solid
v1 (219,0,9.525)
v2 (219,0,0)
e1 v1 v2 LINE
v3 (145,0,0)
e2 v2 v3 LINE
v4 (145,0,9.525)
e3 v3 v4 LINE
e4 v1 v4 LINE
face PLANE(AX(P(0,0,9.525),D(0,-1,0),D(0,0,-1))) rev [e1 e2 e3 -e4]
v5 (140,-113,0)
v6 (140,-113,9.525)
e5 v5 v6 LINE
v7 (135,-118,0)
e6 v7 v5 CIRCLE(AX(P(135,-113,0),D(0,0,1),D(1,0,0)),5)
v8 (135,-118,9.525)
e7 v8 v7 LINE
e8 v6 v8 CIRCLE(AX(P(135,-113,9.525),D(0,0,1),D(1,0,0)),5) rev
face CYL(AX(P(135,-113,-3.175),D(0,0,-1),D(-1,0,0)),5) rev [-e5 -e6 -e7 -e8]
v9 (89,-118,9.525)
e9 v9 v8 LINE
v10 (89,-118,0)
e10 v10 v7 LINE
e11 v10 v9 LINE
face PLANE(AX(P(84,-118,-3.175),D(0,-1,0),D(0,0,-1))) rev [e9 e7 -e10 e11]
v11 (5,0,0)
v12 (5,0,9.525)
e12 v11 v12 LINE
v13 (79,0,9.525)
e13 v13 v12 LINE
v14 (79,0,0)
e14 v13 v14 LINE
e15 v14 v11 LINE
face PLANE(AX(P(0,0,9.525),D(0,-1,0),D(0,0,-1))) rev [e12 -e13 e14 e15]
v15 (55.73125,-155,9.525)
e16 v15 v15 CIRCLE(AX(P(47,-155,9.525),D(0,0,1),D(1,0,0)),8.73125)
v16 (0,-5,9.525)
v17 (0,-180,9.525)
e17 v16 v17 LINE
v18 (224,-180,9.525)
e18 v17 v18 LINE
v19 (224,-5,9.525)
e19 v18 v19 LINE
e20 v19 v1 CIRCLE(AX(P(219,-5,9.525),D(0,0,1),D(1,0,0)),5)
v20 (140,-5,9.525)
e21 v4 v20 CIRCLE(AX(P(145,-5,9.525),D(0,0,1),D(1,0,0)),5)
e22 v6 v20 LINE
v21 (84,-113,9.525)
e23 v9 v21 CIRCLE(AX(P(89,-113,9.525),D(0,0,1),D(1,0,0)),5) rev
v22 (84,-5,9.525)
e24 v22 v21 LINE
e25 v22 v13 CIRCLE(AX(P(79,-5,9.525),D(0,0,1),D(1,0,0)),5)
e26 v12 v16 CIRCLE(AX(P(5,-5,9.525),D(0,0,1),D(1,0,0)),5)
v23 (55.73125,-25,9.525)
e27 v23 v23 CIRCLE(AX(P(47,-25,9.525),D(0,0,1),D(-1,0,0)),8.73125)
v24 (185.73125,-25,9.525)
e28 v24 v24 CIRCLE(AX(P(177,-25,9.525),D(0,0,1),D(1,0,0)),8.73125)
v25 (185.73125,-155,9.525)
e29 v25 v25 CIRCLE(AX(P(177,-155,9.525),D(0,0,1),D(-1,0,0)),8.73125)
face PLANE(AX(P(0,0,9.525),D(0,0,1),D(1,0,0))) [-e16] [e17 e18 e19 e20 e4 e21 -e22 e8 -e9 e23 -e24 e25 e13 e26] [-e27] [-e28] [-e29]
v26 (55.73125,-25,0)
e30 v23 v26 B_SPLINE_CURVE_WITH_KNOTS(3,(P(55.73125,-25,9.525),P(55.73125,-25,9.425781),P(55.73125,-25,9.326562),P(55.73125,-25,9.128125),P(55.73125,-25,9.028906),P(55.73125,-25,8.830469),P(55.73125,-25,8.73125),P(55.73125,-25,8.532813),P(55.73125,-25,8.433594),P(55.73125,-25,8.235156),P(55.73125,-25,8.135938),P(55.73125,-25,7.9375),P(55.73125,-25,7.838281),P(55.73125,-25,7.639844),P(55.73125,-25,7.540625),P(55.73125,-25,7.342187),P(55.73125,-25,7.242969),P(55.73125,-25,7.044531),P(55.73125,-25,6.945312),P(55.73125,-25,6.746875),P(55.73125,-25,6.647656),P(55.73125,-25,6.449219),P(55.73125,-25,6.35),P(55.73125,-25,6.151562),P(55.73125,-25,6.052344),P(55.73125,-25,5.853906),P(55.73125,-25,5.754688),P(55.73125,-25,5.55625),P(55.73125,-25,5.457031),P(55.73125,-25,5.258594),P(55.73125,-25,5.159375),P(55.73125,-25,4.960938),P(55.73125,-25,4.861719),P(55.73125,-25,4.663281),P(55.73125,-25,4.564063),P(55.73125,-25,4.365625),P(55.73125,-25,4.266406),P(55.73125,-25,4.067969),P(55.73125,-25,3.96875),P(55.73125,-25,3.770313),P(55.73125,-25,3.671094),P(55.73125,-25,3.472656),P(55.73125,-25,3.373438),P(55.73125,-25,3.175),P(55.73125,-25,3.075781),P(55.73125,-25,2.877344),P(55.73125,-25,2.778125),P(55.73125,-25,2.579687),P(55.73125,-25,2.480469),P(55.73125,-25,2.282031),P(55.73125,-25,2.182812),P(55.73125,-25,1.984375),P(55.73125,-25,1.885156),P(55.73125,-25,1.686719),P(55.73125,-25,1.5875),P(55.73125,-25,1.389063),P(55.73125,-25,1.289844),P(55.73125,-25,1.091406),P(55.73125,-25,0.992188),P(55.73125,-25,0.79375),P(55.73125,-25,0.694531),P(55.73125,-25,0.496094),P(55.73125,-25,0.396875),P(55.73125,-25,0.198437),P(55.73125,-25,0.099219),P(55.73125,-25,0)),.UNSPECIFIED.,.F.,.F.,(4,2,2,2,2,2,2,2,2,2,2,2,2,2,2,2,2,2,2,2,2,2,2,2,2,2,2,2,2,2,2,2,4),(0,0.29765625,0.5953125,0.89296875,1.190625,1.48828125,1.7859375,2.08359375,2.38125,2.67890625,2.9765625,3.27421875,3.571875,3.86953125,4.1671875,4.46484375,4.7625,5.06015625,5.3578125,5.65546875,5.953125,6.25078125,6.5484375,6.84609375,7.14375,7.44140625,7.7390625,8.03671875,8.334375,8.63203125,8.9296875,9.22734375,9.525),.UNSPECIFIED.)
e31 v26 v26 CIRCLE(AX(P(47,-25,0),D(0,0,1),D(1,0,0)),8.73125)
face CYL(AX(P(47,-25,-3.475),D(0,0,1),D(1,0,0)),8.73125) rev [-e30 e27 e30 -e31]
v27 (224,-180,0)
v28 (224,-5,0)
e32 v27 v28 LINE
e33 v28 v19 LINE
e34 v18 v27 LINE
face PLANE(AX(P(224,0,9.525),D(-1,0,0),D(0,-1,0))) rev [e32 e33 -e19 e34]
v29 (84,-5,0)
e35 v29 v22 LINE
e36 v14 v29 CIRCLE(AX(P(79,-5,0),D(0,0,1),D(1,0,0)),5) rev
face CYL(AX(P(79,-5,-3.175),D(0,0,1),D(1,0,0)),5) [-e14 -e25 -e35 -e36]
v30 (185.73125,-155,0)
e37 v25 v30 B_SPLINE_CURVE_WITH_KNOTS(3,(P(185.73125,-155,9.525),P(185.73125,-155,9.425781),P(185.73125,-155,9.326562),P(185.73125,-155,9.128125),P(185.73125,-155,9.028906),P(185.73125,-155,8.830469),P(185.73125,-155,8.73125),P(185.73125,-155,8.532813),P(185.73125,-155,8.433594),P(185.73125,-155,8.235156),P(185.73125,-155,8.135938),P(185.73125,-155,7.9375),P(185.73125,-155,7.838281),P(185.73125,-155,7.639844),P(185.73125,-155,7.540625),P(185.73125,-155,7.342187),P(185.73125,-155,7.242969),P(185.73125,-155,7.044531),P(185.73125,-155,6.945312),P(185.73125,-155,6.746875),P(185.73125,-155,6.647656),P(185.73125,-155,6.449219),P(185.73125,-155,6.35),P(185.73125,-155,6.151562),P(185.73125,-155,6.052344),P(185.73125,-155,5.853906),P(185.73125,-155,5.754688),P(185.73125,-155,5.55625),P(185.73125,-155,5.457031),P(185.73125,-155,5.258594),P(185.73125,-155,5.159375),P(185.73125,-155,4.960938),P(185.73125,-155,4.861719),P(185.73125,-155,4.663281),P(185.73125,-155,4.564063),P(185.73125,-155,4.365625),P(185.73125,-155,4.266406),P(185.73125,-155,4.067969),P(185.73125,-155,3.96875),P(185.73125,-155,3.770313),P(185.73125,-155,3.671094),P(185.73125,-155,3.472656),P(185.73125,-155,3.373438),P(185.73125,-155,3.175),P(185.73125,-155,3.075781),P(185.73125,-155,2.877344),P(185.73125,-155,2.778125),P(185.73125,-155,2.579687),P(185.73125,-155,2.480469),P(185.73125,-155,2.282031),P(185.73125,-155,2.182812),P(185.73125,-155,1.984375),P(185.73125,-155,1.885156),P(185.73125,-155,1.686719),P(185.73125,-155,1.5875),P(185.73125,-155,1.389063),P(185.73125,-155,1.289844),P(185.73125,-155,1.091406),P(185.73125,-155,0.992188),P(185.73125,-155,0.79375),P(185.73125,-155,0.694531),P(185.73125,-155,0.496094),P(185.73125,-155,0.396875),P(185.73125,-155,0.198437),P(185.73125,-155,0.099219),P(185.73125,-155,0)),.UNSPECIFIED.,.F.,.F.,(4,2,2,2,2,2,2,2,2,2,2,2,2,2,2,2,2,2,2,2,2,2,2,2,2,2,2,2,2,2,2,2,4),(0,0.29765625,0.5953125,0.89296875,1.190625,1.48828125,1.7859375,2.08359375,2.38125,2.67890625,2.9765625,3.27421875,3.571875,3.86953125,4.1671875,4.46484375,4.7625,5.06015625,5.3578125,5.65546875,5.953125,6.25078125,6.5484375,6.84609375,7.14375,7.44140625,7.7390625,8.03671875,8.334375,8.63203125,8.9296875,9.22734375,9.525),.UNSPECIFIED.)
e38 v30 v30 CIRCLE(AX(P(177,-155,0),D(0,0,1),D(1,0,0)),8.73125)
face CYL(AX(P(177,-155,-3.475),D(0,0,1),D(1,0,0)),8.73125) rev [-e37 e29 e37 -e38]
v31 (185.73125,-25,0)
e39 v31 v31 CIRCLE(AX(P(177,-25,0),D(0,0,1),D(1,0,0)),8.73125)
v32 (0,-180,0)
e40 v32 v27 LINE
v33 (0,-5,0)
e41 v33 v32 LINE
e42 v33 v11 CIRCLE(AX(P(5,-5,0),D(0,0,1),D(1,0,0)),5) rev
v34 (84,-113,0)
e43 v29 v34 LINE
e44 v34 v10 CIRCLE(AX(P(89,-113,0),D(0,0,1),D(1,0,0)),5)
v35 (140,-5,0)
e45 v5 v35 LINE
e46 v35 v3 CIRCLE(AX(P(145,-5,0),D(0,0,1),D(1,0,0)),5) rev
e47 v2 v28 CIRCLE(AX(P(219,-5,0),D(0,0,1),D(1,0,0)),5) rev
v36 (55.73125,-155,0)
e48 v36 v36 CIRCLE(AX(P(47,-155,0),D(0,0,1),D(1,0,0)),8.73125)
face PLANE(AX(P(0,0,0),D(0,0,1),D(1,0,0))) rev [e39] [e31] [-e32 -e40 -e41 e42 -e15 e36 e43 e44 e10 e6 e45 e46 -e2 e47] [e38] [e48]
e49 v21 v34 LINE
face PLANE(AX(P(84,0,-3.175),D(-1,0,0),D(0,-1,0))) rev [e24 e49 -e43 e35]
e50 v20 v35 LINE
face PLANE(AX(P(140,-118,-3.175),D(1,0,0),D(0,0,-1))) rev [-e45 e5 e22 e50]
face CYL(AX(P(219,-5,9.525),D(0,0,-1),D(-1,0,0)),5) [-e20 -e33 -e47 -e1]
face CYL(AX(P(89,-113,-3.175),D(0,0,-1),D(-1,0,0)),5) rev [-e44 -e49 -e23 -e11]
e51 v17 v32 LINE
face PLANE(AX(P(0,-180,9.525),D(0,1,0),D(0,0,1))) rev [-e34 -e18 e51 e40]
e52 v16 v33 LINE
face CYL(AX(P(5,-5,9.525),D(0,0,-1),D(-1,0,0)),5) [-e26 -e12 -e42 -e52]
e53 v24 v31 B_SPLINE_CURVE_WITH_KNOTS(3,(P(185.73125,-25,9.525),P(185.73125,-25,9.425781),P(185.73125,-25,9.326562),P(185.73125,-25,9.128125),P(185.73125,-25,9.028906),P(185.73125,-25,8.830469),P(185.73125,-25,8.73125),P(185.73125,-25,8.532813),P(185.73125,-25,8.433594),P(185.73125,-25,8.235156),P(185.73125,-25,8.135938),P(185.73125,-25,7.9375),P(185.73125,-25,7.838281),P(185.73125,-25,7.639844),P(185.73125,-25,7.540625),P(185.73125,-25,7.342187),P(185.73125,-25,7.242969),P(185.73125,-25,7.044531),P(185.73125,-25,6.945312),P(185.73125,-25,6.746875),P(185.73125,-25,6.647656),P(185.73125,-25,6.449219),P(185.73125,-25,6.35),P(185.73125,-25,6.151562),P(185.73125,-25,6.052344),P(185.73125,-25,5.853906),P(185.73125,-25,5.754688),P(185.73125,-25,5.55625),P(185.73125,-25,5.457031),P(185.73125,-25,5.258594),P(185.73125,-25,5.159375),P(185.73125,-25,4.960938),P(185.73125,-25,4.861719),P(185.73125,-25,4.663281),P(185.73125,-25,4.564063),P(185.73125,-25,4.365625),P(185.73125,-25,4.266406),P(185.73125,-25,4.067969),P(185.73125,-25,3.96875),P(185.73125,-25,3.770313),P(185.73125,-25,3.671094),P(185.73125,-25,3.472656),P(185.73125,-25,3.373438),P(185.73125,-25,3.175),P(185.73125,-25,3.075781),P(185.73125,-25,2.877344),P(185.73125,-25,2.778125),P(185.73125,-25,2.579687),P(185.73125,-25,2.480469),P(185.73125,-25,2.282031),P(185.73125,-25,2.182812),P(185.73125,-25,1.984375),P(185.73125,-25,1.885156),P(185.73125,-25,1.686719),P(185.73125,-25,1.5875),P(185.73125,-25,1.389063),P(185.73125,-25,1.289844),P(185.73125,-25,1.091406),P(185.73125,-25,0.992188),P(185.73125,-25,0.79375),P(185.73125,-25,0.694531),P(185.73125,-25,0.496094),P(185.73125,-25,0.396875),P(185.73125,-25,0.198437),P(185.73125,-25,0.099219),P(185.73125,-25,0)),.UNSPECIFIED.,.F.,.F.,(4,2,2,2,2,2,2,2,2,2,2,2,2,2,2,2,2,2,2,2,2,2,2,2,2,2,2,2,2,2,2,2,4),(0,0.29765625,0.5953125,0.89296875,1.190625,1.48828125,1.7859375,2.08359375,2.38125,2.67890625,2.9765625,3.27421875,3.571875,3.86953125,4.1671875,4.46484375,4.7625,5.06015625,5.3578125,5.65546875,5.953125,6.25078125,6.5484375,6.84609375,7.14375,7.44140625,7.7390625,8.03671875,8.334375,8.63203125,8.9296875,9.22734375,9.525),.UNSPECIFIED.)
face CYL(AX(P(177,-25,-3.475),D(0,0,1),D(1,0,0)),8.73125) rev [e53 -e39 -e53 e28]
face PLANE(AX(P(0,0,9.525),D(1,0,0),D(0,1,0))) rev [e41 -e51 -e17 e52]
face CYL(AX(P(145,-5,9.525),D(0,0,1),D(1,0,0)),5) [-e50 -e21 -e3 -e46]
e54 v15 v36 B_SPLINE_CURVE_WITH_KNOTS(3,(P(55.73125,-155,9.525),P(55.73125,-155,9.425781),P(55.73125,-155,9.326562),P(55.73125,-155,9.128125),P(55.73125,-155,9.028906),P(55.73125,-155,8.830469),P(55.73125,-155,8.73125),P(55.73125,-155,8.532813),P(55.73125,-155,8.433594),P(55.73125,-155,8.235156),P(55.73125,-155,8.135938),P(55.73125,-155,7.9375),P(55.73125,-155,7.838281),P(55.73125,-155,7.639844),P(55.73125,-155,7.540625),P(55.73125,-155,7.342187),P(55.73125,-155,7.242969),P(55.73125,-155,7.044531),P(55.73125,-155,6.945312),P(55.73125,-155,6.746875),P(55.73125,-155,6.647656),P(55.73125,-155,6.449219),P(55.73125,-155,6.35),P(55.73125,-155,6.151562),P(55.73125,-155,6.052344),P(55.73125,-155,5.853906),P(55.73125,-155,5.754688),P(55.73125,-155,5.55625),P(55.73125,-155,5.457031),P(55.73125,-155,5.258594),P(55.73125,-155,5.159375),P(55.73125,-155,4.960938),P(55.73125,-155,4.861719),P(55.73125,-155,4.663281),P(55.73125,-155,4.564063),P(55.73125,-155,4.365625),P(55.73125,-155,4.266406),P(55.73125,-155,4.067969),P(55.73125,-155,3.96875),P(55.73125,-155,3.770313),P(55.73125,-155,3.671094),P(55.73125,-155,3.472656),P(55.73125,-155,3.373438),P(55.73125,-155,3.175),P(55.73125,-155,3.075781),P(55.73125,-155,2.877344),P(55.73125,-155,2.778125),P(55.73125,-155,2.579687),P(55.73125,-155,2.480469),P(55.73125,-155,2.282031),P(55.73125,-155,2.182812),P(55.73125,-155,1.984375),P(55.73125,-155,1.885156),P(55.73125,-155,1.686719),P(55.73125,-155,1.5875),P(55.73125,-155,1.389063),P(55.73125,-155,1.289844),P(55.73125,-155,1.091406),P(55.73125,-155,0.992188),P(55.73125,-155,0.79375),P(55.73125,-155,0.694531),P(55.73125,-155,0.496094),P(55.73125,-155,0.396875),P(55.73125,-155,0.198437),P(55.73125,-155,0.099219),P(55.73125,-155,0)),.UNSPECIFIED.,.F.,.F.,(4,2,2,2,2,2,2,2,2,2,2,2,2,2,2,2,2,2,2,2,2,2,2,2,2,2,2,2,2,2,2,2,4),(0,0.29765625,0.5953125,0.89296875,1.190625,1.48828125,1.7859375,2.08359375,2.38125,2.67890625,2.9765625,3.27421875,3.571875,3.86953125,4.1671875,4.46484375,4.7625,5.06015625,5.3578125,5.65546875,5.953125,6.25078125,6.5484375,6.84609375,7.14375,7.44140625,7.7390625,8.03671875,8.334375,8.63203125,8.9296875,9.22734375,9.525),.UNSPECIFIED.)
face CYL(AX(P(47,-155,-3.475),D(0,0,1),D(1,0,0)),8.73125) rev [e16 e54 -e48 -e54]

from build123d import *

# Parameters (mm, degrees)
CROQUIS1_W              = 224
CROQUIS1_H              = 180
SALIENTE_EXTRUIR1_DEPTH = 9.525
CORTAR_EXTRUIR1_DEPTH   = 12.7
REDONDEO1_R             = 5
CROQUIS3_R              = 8.73125
CORTAR_EXTRUIR2_DEPTH   = 13


with BuildPart() as part:
    # Croquis1 → Saliente-Extruir1 (new body)
    with BuildSketch(Plane.XY):
        with Locations((112, -90)):
            Rectangle(CROQUIS1_W, CROQUIS1_H)
    extrude(amount=SALIENTE_EXTRUIR1_DEPTH)

    # Croquis2 → Cortar-Extruir1 (cut)
    with BuildSketch(Plane.XY.offset(9.525)):
        Polygon((84, 0), (84, -118), (140, -118), (140, 0), (112, 0), align=None)
    extrude(amount=-CORTAR_EXTRUIR1_DEPTH, mode=Mode.SUBTRACT)

    # Redondeo1
    redondeo1_edges = [part.edges().sort_by_distance(p)[0] for p in [
        (84, 0, 4.7625),
        (140, 0, 4.7625),
        (140, -118, 4.7625),
        (84, -118, 4.7625),
        (0, 0, 4.7625),
        (224, 0, 4.7625),
    ]]
    fillet(redondeo1_edges, radius=REDONDEO1_R)

    # Croquis3 → Cortar-Extruir2 (cut)
    with BuildSketch(Plane.XY.offset(9.525)):
        with Locations((177, -25)):
            Circle(CROQUIS3_R)
        with Locations((47, -25)):
            Circle(CROQUIS3_R)
        with Locations((47, -155)):
            Circle(CROQUIS3_R)
        with Locations((177, -155)):
            Circle(CROQUIS3_R)
    extrude(amount=-CORTAR_EXTRUIR2_DEPTH, mode=Mode.SUBTRACT)


solid = part.part
